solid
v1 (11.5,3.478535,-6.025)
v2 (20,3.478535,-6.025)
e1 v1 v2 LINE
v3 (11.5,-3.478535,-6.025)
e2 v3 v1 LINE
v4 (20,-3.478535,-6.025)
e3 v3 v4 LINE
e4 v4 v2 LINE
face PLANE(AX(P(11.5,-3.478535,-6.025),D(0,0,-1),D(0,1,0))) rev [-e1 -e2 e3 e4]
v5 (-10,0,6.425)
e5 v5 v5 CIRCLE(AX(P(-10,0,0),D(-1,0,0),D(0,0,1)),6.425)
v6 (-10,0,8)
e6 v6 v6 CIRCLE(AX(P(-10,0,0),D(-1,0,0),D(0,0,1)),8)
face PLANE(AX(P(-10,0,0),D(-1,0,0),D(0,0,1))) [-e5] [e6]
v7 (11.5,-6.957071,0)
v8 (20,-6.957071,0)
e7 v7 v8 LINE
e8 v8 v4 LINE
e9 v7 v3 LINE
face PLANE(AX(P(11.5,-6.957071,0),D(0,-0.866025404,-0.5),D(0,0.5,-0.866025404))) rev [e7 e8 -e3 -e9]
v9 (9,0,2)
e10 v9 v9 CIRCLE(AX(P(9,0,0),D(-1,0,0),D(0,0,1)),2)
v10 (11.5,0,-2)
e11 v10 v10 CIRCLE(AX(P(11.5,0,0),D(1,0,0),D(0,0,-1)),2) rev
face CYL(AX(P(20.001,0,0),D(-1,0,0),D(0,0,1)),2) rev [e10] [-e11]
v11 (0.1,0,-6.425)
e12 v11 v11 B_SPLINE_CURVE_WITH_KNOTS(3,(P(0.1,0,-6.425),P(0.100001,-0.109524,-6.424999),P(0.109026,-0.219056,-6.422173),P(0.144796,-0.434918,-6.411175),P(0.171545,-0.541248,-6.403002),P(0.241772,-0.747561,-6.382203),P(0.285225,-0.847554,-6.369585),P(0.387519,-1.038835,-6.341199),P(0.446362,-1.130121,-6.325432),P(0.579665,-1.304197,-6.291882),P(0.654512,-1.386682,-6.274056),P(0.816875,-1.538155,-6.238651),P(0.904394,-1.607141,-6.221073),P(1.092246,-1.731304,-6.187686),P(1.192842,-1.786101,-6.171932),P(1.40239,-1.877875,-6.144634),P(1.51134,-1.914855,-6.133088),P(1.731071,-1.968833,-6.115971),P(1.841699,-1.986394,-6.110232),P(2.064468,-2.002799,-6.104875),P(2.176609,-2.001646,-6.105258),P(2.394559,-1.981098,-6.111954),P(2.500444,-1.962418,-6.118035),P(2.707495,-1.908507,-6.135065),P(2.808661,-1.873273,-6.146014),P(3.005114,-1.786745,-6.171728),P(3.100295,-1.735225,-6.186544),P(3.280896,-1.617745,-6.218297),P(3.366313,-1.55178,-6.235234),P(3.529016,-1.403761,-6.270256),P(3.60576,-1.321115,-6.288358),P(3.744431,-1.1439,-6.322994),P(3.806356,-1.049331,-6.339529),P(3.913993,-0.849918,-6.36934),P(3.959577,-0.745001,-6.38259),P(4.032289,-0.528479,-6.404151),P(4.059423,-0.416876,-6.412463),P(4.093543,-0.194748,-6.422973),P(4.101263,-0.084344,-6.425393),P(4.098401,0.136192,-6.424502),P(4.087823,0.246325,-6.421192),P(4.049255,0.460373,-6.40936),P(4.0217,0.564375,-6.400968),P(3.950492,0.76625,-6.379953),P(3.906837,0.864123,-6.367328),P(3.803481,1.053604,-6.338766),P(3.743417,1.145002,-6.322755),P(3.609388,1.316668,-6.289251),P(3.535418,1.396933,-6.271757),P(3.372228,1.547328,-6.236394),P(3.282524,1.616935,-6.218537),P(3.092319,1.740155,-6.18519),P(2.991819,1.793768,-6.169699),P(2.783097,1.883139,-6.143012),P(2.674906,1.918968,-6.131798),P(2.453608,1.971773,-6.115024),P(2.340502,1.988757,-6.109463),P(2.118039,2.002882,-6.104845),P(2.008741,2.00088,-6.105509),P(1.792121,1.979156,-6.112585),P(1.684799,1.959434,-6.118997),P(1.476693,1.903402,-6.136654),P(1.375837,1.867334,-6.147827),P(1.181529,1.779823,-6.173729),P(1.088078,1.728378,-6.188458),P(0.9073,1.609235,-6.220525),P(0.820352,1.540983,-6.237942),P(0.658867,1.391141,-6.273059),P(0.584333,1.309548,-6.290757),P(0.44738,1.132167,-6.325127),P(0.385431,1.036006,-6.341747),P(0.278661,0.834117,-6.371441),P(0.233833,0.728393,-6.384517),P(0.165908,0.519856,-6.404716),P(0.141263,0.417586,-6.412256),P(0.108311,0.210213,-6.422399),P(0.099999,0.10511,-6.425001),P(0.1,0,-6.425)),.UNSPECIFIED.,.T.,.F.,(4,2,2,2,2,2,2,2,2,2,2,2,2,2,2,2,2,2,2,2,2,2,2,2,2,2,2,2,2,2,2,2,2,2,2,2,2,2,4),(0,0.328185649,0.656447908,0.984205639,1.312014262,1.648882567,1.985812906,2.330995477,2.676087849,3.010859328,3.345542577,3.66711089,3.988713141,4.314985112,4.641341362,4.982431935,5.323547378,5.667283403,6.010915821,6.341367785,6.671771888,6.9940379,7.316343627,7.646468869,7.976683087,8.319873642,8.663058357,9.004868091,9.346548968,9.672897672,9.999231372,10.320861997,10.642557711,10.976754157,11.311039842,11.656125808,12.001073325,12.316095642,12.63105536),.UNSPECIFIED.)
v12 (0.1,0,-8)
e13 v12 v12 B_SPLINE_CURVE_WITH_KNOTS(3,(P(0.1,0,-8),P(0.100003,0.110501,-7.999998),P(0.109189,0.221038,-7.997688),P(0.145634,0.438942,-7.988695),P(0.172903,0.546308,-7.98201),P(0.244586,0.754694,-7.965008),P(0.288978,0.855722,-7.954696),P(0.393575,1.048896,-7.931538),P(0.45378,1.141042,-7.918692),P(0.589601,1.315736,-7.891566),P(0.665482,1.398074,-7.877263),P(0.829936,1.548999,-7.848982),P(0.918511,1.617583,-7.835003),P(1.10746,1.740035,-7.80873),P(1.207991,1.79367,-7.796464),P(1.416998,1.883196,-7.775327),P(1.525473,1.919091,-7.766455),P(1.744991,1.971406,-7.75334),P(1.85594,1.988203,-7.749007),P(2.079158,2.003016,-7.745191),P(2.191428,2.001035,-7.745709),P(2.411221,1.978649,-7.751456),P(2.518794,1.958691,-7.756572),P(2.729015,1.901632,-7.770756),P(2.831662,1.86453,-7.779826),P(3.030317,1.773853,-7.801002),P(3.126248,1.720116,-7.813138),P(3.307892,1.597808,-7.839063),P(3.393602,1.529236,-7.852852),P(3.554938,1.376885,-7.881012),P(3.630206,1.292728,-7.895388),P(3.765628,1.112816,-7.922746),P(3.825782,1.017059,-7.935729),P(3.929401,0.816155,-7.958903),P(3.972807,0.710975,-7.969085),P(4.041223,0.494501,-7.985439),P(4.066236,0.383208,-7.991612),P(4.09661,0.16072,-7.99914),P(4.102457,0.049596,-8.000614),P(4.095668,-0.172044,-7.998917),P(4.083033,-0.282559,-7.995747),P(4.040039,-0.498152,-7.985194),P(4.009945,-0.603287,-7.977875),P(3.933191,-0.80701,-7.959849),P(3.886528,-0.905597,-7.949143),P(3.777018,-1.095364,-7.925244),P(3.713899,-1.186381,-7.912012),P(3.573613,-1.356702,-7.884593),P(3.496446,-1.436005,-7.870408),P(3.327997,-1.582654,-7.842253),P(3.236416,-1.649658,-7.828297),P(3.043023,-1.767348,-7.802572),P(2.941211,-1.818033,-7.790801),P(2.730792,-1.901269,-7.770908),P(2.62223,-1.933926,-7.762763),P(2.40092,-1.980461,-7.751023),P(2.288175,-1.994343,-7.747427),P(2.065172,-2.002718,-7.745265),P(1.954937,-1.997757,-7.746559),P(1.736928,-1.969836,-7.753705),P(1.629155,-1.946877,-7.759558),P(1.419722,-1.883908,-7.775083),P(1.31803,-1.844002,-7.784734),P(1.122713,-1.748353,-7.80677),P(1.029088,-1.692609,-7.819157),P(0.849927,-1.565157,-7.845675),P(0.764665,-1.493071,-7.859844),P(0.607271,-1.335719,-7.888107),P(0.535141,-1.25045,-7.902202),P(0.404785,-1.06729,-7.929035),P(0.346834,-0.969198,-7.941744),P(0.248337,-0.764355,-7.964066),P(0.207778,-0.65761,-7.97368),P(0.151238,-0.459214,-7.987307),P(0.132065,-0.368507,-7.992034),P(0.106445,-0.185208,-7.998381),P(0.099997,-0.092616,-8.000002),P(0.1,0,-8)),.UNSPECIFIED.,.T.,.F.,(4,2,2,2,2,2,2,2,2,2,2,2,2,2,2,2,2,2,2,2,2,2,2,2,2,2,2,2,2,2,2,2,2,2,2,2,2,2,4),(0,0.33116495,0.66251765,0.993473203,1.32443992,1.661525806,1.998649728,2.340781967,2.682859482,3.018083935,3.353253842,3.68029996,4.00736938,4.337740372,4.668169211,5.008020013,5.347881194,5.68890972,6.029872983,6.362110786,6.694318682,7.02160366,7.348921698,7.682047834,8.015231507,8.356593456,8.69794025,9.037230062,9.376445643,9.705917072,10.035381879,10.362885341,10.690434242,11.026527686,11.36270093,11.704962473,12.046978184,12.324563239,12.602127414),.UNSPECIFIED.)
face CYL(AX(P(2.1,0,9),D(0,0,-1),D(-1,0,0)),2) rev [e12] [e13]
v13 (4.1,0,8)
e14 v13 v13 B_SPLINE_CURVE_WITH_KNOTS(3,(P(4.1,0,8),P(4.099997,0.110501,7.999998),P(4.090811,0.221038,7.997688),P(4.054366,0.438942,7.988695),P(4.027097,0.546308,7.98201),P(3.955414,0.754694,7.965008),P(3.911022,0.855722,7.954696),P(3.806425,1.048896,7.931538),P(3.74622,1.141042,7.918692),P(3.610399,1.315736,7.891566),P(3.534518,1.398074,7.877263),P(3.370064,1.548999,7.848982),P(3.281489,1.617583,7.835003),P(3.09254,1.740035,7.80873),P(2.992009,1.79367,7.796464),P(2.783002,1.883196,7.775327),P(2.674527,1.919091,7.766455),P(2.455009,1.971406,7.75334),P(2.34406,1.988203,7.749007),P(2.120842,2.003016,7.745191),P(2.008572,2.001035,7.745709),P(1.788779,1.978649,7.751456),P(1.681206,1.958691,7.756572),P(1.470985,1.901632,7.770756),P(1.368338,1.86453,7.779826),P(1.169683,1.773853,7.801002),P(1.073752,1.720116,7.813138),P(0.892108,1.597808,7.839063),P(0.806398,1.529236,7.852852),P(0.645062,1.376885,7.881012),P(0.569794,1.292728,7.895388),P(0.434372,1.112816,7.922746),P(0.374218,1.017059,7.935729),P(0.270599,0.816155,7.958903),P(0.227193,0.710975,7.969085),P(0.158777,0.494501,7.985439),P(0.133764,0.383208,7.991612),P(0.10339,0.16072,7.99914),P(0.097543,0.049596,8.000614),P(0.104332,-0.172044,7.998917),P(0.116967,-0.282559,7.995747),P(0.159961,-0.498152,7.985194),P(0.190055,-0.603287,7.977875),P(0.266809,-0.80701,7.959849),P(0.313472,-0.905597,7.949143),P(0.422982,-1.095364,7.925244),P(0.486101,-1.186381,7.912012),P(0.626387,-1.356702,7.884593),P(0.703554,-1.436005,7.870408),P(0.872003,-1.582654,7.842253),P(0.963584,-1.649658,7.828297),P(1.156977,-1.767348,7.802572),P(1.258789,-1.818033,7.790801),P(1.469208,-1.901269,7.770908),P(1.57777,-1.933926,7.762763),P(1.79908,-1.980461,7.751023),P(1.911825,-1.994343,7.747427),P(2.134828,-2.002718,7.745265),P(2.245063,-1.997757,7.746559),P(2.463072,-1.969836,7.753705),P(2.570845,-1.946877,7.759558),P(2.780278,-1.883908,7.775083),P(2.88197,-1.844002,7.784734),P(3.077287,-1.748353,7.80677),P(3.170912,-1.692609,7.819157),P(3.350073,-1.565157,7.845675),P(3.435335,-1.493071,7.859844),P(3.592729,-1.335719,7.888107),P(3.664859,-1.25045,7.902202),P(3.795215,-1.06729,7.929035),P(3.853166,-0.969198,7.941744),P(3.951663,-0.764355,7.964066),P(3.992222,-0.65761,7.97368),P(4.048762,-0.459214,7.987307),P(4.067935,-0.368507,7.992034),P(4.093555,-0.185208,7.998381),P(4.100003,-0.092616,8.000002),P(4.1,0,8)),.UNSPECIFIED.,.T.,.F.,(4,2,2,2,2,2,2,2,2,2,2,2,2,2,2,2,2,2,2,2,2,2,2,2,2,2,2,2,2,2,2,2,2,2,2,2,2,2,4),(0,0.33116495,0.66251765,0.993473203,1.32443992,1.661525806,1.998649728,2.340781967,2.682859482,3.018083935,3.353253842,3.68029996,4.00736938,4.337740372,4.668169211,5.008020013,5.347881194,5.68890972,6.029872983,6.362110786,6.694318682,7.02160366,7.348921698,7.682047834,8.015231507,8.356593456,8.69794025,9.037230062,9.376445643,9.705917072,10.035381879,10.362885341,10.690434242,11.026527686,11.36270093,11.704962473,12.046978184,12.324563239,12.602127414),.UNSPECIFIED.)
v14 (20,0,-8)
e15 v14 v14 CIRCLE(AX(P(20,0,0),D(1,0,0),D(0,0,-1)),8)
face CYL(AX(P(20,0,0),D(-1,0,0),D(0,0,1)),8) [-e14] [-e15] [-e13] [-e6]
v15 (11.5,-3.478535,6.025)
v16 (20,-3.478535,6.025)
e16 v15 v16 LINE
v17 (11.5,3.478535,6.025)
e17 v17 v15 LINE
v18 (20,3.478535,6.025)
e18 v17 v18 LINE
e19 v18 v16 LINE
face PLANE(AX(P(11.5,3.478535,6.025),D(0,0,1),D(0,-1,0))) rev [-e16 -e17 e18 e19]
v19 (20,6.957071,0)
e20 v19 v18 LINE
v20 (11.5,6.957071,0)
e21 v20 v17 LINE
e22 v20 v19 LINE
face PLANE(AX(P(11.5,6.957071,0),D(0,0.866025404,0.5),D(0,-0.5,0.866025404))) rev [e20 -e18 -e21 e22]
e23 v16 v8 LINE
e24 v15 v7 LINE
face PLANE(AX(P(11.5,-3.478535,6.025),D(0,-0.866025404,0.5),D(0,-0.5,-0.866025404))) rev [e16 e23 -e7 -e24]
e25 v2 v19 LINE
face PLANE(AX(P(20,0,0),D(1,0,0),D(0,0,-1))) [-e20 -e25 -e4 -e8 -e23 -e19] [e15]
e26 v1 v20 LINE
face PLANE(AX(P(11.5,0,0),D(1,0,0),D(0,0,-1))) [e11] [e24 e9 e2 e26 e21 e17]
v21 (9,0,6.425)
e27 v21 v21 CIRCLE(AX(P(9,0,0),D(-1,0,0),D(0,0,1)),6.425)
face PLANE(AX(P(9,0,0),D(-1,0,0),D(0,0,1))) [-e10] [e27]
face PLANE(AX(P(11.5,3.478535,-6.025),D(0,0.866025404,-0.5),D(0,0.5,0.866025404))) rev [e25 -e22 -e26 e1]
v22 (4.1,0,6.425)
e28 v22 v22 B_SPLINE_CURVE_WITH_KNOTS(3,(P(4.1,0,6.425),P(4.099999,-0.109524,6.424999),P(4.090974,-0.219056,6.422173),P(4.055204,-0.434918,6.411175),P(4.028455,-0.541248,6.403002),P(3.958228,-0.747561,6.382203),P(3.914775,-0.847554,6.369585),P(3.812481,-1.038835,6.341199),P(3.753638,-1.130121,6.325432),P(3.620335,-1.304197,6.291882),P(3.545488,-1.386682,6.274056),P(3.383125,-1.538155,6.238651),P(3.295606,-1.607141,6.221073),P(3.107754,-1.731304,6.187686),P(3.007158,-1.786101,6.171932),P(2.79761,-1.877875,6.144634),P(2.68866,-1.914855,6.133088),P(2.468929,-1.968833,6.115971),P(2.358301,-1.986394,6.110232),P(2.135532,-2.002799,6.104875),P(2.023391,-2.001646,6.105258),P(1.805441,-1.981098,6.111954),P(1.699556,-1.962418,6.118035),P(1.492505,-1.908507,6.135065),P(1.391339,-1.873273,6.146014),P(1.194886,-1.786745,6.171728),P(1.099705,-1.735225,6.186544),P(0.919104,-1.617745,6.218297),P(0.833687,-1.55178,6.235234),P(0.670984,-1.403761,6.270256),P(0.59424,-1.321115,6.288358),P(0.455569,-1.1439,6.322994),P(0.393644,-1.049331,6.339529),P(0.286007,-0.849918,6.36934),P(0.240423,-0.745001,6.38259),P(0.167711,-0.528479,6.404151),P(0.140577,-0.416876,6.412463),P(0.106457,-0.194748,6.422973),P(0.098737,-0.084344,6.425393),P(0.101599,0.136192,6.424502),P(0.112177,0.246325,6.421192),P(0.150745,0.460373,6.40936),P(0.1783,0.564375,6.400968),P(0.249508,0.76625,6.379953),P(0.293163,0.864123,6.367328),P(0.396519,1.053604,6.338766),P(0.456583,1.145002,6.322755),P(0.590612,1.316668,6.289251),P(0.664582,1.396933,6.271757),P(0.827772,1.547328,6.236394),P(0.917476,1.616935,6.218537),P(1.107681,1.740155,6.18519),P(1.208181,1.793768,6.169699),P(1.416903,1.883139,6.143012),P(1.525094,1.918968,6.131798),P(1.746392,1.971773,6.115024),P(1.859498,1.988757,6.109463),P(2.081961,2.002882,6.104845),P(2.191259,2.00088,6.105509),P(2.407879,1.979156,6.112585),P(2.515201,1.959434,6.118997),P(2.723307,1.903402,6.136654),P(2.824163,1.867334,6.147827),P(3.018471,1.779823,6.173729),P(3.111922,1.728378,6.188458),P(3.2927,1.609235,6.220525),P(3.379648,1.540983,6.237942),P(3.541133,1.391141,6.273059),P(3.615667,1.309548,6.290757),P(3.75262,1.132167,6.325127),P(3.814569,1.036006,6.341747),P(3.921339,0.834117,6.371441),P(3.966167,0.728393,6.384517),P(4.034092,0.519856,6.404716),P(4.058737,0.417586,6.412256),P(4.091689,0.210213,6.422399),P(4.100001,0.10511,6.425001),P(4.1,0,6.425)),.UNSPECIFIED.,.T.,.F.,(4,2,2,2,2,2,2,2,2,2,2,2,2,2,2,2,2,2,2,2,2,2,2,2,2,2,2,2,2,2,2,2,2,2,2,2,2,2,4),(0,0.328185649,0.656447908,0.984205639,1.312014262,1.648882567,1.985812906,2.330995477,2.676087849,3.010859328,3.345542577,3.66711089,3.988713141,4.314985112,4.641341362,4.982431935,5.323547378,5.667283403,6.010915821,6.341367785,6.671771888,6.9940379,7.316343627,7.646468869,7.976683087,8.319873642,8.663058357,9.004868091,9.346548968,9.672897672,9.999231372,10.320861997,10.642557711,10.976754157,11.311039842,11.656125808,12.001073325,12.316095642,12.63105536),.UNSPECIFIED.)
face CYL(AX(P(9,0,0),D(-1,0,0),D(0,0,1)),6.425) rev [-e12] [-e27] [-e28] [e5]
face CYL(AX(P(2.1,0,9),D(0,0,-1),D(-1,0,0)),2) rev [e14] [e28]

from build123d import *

# Parameters (mm, degrees)
CROQUIS1_R                 = 8
SALIENTE_EXTRUIR1_DEPTH    = 20
CORTAR_EXTRUIR1_DEPTH      = 8.5
CROQUIS3_R                 = 6.425
CORTAR_EXTRUIR2_DEPTH      = 9
CORTAR_EXTRUIR3_REACH      = 17.78
CROQUIS4_R                 = 2
CORTAR_EXTRUIR4_DEPTH      = 9
CORTAR_EXTRUIR4_DEPTH_BACK = 23.978250586
CROQUIS5_R                 = 2
SALIENTE_EXTRUIR2_START    = 10
CROQUIS6_R                 = 8
CROQUIS6_R_2               = 6.425
SALIENTE_EXTRUIR2_DEPTH    = 10


with BuildPart() as part:
    # Croquis1 → Saliente-Extruir1 (new body)
    with BuildSketch(Plane(origin=(0, 0, 0), x_dir=(0, 0, -1), z_dir=(1, 0, 0))):
        Circle(CROQUIS1_R)
    extrude(amount=SALIENTE_EXTRUIR1_DEPTH)

    # Croquis2 → Cortar-Extruir1 (cut)
    with BuildSketch(Plane(origin=(20, 0, 0), x_dir=(0, 0, -1), z_dir=(1, 0, 0))):
        Polygon((0, -6.957070744), (6.025, -3.478535372), (6.025, 3.478535372), (0, 6.957070744), (-6.025, 3.478535372), (-6.025, -3.478535372), align=None)
    extrude(amount=-CORTAR_EXTRUIR1_DEPTH, mode=Mode.SUBTRACT)

    # Croquis3 → Cortar-Extruir2 (cut)
    with BuildSketch(Plane.ZY):
        Circle(CROQUIS3_R)
    extrude(amount=-CORTAR_EXTRUIR2_DEPTH, mode=Mode.SUBTRACT)

    # Croquis4 → Cortar-Extruir3 (cut, up to next)
    with BuildSketch(Plane.ZY.offset(-9), mode=Mode.PRIVATE) as cortar_extruir3_sk1:
        Circle(CROQUIS4_R)
    cortar_extruir3_tool1 = extrude(cortar_extruir3_sk1.sketch, amount=-CORTAR_EXTRUIR3_REACH, mode=Mode.PRIVATE) & part.part
    add(cortar_extruir3_tool1.solids().sort_by_distance((9, 0, 0))[0], mode=Mode.SUBTRACT)

    # Croquis5 → Cortar-Extruir4 (cut, two sides: drawn at the far end of the back side and taken through both)
    with BuildSketch(Plane.XY.offset(-CORTAR_EXTRUIR4_DEPTH_BACK)):
        with Locations(Location((2.1, 0, 0), (0, 0, 180))):
            Circle(CROQUIS5_R)
    extrude(amount=CORTAR_EXTRUIR4_DEPTH + CORTAR_EXTRUIR4_DEPTH_BACK, mode=Mode.SUBTRACT)

    # Croquis6 → Saliente-Extruir2 (add)
    with BuildSketch(Plane.ZY.offset(SALIENTE_EXTRUIR2_START)):
        Circle(CROQUIS6_R)
        Circle(CROQUIS6_R_2, mode=Mode.SUBTRACT)
    extrude(amount=-SALIENTE_EXTRUIR2_DEPTH)


solid = part.part
